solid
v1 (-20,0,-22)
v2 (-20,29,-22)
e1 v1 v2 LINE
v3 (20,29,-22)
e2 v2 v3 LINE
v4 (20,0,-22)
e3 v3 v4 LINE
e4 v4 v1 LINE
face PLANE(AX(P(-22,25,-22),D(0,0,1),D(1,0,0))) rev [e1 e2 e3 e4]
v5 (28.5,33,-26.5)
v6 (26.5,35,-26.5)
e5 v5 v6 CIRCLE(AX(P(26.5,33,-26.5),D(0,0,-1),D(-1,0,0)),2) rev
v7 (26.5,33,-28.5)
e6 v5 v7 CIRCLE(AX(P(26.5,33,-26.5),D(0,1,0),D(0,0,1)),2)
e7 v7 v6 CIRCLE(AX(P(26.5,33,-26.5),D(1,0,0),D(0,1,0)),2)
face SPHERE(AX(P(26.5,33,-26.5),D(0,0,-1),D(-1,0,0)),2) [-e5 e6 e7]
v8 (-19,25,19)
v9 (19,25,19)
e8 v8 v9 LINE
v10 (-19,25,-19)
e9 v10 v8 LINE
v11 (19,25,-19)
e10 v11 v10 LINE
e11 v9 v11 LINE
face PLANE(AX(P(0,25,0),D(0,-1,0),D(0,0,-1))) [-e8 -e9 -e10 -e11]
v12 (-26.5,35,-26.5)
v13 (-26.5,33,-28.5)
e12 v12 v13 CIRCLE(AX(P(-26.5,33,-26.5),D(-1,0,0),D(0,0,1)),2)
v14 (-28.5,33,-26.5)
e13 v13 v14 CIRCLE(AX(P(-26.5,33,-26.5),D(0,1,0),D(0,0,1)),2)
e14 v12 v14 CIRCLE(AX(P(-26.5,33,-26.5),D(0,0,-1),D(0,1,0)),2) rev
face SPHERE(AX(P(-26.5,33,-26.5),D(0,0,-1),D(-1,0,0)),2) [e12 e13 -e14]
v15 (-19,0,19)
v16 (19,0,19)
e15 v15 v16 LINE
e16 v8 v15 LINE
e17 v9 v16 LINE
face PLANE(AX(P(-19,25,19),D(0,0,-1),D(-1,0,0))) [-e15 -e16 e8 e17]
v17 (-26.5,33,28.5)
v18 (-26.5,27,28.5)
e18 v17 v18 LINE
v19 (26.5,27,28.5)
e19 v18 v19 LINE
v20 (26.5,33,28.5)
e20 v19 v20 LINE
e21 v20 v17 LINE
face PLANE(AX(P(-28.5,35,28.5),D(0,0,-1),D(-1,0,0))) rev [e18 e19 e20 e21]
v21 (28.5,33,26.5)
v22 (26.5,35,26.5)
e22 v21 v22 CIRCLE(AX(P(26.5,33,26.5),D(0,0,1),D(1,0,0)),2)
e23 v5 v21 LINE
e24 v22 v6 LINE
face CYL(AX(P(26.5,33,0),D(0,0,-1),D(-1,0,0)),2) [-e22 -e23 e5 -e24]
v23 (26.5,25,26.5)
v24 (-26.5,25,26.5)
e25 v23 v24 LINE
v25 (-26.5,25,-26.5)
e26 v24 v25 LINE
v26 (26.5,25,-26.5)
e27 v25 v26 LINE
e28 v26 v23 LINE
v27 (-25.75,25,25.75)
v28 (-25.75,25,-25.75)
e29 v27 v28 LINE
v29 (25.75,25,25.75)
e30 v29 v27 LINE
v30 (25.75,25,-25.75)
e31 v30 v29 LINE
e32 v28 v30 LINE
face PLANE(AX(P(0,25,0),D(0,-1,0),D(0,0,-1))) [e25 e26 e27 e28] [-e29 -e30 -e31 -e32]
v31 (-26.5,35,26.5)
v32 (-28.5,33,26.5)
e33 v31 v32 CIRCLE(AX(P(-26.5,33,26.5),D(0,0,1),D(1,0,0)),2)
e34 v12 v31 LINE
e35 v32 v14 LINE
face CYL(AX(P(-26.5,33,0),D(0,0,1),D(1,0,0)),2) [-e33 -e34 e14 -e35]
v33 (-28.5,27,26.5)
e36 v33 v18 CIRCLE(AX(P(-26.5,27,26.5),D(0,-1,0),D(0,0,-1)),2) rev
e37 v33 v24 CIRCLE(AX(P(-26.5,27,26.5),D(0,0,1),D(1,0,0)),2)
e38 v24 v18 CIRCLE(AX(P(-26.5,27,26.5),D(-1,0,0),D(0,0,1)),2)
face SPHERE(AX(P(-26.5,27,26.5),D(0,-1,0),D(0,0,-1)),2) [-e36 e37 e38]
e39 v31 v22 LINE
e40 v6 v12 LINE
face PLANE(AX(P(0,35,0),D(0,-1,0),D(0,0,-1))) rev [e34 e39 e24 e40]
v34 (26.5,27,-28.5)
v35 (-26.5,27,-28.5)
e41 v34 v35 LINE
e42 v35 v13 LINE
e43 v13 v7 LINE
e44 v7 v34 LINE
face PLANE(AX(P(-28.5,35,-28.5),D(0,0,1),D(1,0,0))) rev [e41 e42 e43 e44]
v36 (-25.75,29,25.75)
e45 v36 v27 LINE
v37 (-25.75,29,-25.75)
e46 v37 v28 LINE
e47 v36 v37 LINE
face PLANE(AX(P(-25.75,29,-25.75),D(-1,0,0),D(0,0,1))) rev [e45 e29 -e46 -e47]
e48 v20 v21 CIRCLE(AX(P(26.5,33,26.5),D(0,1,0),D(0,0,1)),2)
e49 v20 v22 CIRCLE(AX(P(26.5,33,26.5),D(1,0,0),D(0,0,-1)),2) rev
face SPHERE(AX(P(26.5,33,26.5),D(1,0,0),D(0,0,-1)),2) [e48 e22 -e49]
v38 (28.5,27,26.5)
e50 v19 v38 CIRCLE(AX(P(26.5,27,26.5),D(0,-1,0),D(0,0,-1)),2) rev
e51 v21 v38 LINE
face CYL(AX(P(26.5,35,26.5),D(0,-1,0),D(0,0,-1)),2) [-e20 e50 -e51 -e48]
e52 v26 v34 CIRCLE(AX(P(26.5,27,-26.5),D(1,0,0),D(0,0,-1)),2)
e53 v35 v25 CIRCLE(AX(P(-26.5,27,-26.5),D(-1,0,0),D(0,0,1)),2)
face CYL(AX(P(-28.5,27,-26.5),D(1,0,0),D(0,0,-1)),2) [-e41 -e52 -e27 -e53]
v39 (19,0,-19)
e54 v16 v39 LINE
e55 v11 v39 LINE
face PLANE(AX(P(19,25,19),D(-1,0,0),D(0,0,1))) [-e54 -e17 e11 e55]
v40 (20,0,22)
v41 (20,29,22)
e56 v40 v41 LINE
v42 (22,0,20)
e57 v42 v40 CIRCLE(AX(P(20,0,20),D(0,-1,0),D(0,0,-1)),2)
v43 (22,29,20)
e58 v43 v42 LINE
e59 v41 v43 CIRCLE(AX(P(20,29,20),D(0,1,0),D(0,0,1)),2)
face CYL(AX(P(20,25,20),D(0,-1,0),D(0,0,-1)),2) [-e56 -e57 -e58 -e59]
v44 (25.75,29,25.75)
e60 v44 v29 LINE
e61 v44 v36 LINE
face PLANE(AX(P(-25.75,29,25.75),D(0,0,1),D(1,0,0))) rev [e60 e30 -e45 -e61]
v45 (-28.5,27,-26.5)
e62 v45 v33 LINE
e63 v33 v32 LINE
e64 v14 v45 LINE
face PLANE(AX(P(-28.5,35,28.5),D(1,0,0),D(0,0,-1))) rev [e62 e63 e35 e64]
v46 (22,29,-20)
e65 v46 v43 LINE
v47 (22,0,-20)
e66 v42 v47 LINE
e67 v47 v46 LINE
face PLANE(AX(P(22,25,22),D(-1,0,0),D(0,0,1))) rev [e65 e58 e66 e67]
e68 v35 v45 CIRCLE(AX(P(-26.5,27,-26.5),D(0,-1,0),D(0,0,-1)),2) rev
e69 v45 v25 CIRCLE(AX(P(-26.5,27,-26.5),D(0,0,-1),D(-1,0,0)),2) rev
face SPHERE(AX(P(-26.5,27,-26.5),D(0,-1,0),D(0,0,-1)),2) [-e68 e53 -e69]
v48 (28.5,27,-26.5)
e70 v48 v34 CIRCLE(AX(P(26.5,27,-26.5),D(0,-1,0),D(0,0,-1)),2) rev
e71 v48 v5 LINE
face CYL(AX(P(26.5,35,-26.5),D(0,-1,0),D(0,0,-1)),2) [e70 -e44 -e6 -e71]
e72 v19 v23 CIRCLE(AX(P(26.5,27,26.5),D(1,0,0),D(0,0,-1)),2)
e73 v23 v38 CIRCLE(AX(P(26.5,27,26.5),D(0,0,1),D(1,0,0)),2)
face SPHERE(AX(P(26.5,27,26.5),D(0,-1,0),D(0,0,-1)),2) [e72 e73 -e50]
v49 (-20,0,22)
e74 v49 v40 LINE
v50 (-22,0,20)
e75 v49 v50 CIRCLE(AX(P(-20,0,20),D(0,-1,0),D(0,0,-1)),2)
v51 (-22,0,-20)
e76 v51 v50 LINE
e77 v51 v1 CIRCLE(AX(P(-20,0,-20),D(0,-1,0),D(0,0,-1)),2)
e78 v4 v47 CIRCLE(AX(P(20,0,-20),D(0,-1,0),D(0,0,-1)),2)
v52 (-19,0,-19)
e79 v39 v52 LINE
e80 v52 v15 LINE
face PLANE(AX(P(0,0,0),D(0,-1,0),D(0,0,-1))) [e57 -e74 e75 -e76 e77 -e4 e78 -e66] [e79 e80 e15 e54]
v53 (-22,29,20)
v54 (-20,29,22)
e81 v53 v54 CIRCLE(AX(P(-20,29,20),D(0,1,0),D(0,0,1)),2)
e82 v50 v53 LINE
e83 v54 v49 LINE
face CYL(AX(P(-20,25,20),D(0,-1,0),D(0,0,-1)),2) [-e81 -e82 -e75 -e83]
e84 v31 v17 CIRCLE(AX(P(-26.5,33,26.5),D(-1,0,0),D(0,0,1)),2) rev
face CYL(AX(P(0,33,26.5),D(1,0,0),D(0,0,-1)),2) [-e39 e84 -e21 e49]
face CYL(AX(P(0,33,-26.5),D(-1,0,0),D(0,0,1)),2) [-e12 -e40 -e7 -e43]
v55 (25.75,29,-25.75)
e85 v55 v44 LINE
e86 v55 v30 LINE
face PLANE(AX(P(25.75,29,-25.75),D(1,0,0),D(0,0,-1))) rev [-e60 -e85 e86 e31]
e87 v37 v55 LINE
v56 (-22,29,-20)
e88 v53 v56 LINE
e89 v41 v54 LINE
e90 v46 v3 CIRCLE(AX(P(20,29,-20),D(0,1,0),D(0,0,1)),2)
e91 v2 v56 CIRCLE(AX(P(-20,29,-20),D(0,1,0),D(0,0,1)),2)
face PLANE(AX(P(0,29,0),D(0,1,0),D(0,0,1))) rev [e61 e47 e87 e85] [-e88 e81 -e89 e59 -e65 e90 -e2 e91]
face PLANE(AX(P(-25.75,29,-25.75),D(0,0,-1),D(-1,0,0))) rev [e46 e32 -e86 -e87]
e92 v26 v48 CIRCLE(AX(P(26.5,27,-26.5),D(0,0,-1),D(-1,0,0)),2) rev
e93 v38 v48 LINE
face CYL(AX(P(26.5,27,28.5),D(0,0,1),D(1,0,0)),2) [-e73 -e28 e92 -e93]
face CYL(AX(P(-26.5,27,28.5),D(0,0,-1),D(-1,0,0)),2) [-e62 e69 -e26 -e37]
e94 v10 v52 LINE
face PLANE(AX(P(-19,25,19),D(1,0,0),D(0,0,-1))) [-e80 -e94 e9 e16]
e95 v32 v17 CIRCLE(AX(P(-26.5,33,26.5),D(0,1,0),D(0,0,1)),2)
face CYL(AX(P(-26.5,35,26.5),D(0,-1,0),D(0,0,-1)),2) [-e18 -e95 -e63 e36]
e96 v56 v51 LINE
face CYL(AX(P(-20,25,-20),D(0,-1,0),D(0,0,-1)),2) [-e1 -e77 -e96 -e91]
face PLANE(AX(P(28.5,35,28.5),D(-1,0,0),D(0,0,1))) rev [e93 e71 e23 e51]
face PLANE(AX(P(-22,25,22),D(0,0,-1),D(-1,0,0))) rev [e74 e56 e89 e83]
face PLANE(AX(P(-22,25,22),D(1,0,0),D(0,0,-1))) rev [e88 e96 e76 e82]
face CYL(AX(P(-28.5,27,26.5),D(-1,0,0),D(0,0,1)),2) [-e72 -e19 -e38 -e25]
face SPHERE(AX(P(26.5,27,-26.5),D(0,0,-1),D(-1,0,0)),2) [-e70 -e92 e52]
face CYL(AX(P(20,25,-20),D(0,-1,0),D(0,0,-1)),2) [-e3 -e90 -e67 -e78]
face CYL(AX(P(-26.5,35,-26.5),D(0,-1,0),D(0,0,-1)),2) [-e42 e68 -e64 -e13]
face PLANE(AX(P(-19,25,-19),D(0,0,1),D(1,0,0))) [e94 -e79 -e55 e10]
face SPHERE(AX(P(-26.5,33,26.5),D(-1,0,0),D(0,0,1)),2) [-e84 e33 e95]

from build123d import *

# Parameters (mm, degrees)
SKETCH1_W           = 44
SKETCH1_H           = 44
SKETCH1_W_2         = 38
SKETCH1_H_2         = 38
BOSS_EXTRUDE1_DEPTH = 25
SKETCH2_W           = 57
SKETCH2_H           = 57
BOSS_EXTRUDE2_DEPTH = 10
SKETCH3_W           = 51.5
SKETCH3_H           = 51.5
SKETCH3_W_2         = 44
SKETCH3_H_2         = 44
CUT_EXTRUDE1_DEPTH  = 4
FILLET1_R           = 2


with BuildPart() as part:
    # Sketch1 → Boss-Extrude1 (new body)
    with BuildSketch(Plane(origin=(0, 0, 0), x_dir=(1, 0, 0), z_dir=(0, 1, 0))):
        Rectangle(SKETCH1_W, SKETCH1_H)
        Rectangle(SKETCH1_W_2, SKETCH1_H_2, mode=Mode.SUBTRACT)
    extrude(amount=BOSS_EXTRUDE1_DEPTH)

    # Sketch2 → Boss-Extrude2 (add)
    with BuildSketch(Plane(origin=(0, 25, 0), x_dir=(1, 0, 0), z_dir=(0, 1, 0))):
        Rectangle(SKETCH2_W, SKETCH2_H)
    extrude(amount=BOSS_EXTRUDE2_DEPTH)

    # Sketch3 → Cut-Extrude1 (cut)
    with BuildSketch(Plane.XZ.offset(-25)):
        Rectangle(SKETCH3_W, SKETCH3_H)
        Rectangle(SKETCH3_W_2, SKETCH3_H_2, mode=Mode.SUBTRACT)
    extrude(amount=-CUT_EXTRUDE1_DEPTH, mode=Mode.SUBTRACT)

    # Fillet1
    fillet1_edges = [part.edges().sort_by_distance(p)[0] for p in [
        (28.5, 25, 0),
        (28.5, 30, 28.5),
        (0, 25, -28.5),
        (28.5, 30, -28.5),
        (-28.5, 25, 0),
        (-28.5, 30, -28.5),
        (0, 25, 28.5),
        (-28.5, 30, 28.5),
        (28.5, 35, 0),
        (0, 35, -28.5),
        (-28.5, 35, 0),
        (0, 35, 28.5),
        (22, 14.5, 22),
        (-22, 14.5, 22),
        (-22, 14.5, -22),
        (22, 14.5, -22),
    ]]
    fillet(fillet1_edges, radius=FILLET1_R)


solid = part.part
